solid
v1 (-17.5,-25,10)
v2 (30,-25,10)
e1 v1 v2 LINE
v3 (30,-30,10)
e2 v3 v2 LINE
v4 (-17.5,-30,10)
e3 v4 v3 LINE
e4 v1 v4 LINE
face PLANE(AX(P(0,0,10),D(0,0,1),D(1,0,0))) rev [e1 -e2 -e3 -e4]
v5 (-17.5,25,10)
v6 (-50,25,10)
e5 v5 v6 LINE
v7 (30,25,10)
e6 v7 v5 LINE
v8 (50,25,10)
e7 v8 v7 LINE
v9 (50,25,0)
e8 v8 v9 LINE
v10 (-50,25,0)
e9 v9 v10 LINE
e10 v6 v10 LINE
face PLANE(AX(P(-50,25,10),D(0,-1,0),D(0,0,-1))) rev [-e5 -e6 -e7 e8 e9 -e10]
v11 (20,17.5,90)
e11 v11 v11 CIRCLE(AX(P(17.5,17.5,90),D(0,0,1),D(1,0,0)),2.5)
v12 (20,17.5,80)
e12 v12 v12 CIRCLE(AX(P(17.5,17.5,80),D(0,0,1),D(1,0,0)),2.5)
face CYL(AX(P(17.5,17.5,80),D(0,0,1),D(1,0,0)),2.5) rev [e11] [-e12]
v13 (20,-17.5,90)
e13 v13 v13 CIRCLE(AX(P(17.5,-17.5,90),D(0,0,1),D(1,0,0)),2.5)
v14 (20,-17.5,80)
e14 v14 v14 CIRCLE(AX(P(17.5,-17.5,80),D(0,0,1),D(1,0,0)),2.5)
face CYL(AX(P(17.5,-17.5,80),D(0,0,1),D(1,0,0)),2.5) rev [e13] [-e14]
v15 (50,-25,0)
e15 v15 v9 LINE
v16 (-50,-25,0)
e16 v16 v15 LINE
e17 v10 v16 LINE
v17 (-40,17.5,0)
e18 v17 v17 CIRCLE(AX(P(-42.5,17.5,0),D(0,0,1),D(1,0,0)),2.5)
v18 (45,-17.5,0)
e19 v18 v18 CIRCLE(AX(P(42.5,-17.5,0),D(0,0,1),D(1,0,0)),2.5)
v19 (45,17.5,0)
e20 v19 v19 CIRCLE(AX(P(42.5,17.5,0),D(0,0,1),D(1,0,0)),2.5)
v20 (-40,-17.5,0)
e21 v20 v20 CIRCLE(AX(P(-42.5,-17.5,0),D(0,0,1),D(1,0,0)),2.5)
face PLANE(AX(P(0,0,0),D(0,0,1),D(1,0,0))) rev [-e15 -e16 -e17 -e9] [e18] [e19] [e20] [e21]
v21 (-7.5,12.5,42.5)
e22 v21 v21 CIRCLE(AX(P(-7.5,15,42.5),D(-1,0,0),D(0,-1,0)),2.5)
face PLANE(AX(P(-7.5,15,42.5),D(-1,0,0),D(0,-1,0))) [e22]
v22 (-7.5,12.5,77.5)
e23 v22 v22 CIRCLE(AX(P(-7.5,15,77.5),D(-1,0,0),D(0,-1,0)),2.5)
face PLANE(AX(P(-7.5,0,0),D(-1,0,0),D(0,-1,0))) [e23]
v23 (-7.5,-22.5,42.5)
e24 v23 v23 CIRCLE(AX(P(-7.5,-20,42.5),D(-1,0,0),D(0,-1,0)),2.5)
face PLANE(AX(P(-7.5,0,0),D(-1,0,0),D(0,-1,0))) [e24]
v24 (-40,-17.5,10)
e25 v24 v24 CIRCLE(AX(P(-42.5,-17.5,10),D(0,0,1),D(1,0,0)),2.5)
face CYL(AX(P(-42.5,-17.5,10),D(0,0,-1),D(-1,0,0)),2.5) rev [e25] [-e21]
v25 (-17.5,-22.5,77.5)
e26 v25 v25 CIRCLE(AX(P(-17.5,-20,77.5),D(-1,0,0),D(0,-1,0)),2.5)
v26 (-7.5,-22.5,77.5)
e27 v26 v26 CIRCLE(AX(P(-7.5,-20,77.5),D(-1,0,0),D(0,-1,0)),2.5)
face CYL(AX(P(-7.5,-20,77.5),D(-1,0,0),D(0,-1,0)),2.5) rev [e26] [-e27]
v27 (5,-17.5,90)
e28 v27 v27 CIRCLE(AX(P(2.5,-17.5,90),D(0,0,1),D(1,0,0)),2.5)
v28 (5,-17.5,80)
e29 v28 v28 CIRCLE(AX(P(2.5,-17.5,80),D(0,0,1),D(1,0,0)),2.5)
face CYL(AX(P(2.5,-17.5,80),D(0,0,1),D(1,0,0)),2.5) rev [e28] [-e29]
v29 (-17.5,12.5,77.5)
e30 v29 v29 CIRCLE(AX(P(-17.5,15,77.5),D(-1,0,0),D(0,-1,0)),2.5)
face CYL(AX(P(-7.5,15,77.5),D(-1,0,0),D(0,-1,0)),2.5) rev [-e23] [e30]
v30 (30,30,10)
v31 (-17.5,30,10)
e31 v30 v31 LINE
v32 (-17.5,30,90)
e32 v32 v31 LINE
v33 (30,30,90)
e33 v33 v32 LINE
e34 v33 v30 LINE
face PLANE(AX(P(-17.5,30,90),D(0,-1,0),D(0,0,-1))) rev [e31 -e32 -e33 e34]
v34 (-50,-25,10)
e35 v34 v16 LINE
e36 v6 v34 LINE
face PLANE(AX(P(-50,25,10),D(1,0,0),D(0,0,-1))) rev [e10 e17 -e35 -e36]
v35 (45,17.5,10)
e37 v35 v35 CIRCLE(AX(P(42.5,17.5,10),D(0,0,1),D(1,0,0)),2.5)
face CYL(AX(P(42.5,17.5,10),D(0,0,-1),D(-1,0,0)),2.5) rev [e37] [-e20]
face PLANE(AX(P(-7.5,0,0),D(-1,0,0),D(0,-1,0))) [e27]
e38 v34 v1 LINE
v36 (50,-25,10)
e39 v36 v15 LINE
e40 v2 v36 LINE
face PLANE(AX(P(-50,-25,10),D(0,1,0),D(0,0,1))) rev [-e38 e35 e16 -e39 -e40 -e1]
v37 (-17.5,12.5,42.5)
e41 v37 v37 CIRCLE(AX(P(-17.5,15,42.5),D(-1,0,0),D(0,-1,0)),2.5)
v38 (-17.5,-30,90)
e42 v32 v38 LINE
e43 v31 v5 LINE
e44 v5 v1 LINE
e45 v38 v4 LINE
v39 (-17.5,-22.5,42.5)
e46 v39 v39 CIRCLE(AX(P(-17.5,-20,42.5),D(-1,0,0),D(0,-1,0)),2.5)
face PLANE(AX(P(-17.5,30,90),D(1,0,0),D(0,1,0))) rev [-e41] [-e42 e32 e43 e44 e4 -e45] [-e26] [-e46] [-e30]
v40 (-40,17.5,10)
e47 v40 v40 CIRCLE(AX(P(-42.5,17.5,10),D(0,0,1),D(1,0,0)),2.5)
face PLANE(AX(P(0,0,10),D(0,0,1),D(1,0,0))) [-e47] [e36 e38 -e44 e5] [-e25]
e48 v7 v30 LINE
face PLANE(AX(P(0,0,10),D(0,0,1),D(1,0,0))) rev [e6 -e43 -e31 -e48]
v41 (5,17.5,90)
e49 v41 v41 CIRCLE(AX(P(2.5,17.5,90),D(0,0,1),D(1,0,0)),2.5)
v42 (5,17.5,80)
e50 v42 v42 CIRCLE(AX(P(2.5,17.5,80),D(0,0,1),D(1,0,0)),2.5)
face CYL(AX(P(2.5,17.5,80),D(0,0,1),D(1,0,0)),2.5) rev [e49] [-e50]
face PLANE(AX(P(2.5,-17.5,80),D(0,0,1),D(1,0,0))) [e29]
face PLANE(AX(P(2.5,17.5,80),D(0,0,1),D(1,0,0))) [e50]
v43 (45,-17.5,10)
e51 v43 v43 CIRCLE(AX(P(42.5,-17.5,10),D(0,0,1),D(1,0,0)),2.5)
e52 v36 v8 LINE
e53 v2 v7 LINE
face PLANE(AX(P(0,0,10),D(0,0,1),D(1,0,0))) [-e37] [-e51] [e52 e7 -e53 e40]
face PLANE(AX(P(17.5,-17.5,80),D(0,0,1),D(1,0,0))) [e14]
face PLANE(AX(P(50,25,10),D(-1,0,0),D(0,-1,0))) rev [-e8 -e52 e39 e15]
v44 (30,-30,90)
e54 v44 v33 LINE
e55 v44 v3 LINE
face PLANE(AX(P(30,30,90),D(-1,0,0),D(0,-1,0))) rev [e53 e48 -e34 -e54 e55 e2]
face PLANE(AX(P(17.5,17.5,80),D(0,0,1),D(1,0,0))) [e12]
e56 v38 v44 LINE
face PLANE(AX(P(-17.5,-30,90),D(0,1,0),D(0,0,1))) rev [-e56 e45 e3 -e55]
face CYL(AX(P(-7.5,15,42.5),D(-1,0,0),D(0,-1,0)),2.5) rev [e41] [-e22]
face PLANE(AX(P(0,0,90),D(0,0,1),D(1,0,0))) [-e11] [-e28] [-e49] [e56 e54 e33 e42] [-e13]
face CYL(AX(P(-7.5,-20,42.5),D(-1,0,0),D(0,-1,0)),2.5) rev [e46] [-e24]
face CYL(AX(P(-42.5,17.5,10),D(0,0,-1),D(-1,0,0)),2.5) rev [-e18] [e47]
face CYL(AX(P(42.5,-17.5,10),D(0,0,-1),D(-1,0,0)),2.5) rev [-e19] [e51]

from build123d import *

# Parameters (mm, degrees)
SKETCH1_W           = 100
SKETCH1_H           = 50
SKETCH1_R           = 2.5
BOSS_EXTRUDE1_DEPTH = 10
SKETCH2_W           = 47.5
SKETCH2_H           = 60
BOSS_EXTRUDE2_DEPTH = 80
SKETCH3_R           = 2.5
CUT_EXTRUDE1_DEPTH  = 10
SKETCH9_R           = 2.5
CUT_EXTRUDE18_DEPTH = 10


with BuildPart() as part:
    # Sketch1 → Boss-Extrude1 (new body)
    with BuildSketch(Plane.XY):
        Rectangle(SKETCH1_W, SKETCH1_H)
        with Locations((-42.5, 17.5)):
            Circle(SKETCH1_R, mode=Mode.SUBTRACT)
        with Locations((42.5, 17.5)):
            Circle(SKETCH1_R, mode=Mode.SUBTRACT)
        with Locations((42.5, -17.5)):
            Circle(SKETCH1_R, mode=Mode.SUBTRACT)
        with Locations((-42.5, -17.5)):
            Circle(SKETCH1_R, mode=Mode.SUBTRACT)
    extrude(amount=BOSS_EXTRUDE1_DEPTH)

    # Sketch2 → Boss-Extrude2 (add)
    with BuildSketch(Plane.XY.offset(10)):
        with Locations((6.25, 0)):
            Rectangle(SKETCH2_W, SKETCH2_H)
    extrude(amount=BOSS_EXTRUDE2_DEPTH)

    # Sketch3 → Cut-Extrude1 (cut)
    with BuildSketch(Plane.XY.offset(90)):
        with Locations((17.5, 17.5)):
            Circle(SKETCH3_R)
        with Locations((2.5, 17.5)):
            Circle(SKETCH3_R)
        with Locations((2.5, -17.5)):
            Circle(SKETCH3_R)
        with Locations((17.5, -17.5)):
            Circle(SKETCH3_R)
    extrude(amount=-CUT_EXTRUDE1_DEPTH, mode=Mode.SUBTRACT)

    # Sketch9 → Cut-Extrude18 (cut)
    with BuildSketch(Plane.ZY.offset(17.5)):
        with Locations((77.5, 15)):
            Circle(SKETCH9_R)
        with Locations((42.5, -20)):
            Circle(SKETCH9_R)
        with Locations((77.5, -20)):
            Circle(SKETCH9_R)
        with Locations((42.5, 15)):
            Circle(SKETCH9_R)
    extrude(amount=-CUT_EXTRUDE18_DEPTH, mode=Mode.SUBTRACT)


solid = part.part
